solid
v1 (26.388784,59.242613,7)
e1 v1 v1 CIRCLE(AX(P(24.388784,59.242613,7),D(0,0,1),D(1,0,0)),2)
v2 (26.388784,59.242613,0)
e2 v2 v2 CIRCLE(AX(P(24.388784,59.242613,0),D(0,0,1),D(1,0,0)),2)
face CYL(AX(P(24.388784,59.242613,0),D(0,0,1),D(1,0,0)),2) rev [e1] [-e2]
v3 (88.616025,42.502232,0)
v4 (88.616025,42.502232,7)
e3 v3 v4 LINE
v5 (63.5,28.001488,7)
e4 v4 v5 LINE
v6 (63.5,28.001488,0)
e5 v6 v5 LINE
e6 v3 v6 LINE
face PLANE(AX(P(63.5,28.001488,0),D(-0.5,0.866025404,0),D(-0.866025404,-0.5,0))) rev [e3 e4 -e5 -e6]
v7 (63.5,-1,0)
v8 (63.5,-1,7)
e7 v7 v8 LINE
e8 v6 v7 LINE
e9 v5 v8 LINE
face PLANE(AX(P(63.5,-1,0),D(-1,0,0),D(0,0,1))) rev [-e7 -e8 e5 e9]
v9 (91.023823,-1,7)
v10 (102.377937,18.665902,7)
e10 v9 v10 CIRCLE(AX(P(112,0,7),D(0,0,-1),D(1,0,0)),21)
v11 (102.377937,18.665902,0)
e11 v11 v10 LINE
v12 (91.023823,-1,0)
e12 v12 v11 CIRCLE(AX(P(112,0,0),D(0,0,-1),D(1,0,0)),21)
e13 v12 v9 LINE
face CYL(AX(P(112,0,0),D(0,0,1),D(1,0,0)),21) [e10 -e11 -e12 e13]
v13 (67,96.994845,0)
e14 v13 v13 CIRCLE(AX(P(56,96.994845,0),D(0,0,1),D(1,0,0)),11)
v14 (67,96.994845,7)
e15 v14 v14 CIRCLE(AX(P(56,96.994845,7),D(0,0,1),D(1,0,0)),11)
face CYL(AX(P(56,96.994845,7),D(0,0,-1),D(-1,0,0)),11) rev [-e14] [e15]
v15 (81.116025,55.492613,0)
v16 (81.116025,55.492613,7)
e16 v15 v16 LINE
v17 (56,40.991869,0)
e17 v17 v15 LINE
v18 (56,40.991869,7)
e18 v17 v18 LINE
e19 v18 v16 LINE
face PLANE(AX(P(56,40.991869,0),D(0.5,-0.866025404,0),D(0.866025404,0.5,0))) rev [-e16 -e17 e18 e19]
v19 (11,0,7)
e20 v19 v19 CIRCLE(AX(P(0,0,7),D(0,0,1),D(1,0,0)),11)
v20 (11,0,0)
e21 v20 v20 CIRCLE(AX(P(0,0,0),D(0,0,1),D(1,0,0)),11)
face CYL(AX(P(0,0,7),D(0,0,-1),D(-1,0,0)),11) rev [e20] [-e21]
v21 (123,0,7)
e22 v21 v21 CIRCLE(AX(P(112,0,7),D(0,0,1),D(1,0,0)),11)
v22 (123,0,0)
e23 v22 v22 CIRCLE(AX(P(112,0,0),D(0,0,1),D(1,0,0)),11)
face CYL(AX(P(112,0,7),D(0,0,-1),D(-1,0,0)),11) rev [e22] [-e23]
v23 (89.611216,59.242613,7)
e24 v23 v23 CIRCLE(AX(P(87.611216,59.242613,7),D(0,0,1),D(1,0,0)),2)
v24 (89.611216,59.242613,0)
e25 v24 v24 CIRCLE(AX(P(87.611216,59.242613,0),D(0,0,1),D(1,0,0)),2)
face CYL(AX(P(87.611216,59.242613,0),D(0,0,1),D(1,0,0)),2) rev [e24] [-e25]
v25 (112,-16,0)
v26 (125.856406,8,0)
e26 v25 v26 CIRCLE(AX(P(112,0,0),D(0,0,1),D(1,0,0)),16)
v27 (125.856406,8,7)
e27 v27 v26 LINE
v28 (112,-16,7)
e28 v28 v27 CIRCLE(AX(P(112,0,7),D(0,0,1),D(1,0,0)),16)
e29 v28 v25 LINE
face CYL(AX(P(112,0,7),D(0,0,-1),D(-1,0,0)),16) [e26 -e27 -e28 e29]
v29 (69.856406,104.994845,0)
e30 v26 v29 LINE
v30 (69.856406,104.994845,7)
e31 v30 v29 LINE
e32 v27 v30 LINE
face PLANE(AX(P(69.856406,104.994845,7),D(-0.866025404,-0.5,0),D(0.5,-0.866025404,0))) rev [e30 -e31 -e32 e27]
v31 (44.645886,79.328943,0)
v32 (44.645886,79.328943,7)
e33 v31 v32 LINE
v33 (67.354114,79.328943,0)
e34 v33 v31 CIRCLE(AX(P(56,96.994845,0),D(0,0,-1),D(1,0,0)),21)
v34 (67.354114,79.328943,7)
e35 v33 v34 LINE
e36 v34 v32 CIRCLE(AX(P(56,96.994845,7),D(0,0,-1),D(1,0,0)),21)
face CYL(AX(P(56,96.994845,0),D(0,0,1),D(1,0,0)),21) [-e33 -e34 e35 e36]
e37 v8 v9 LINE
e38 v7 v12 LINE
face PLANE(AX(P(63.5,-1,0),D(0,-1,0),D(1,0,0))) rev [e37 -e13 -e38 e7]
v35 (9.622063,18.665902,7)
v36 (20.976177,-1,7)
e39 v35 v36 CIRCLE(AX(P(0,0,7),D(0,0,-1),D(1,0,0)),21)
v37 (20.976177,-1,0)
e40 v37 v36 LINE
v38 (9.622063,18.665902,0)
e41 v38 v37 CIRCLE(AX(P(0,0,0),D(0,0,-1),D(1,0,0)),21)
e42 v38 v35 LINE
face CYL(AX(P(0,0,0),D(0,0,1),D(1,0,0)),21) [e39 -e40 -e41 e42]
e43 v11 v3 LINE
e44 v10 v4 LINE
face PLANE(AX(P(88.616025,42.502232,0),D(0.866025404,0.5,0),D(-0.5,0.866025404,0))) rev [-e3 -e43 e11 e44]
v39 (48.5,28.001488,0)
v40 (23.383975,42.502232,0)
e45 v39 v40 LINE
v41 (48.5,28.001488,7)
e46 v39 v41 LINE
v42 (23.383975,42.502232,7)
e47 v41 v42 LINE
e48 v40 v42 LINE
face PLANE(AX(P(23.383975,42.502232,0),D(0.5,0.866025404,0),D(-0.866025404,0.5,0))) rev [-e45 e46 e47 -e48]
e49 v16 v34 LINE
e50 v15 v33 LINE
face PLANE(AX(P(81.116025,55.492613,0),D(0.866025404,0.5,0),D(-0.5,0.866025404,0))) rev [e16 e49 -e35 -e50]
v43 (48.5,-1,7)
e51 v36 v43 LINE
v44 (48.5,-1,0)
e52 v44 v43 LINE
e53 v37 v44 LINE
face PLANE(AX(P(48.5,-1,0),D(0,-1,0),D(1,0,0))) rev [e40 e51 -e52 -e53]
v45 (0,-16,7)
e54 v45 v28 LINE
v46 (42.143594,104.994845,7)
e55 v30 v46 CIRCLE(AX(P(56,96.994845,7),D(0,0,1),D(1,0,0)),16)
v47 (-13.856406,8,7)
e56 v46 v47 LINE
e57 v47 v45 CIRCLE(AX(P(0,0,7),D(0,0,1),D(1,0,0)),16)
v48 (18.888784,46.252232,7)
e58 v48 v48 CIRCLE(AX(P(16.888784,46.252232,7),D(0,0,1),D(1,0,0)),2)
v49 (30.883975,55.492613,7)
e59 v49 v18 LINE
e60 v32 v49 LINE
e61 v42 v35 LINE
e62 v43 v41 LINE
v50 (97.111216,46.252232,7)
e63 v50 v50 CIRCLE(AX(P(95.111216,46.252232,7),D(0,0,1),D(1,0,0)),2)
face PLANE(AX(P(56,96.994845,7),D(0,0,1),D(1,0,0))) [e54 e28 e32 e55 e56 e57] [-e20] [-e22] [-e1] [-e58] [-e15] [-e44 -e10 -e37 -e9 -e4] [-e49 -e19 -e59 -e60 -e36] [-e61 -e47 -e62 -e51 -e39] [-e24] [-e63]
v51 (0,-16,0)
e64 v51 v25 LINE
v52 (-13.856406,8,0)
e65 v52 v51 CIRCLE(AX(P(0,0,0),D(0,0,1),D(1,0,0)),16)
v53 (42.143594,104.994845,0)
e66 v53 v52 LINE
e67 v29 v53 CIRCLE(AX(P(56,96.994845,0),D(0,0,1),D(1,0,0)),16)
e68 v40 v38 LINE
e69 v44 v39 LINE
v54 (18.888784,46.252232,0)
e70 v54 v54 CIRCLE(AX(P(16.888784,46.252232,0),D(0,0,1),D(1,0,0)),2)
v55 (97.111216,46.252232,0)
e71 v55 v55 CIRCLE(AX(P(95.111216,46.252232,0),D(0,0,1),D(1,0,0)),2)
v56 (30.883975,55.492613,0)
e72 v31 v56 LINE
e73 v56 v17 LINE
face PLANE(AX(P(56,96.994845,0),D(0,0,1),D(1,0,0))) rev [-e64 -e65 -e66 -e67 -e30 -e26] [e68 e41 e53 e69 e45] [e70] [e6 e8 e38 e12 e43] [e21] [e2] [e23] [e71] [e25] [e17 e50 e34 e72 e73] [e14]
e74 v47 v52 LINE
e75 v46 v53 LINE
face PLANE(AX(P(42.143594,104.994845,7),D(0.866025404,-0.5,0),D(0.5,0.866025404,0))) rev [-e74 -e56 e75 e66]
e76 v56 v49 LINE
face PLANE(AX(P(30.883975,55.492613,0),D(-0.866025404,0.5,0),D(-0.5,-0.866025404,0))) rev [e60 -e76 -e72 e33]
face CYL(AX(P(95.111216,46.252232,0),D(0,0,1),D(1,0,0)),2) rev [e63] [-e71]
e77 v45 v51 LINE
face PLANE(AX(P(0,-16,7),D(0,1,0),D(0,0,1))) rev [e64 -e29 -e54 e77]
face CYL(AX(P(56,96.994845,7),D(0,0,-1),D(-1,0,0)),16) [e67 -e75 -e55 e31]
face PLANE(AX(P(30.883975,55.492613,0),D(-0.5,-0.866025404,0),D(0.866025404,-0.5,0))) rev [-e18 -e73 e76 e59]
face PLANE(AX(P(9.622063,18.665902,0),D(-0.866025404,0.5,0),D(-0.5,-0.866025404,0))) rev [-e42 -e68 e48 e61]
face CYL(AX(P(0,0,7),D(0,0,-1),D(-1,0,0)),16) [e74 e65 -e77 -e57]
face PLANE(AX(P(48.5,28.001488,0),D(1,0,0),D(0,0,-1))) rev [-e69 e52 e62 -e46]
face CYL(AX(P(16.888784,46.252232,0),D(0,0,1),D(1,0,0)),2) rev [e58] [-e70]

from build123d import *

# Parameters (mm, degrees)
SKETCH1_R           = 11
BOSS_EXTRUDE1_DEPTH = 7
CUT_EXTRUDE1_DEPTH  = 8
SKETCH5_R           = 2
CUT_EXTRUDE2_DEPTH  = 8


with BuildPart() as part:
    # Sketch1 → Boss-Extrude1 (new body)
    with BuildSketch(Plane.XY):
        with BuildLine():
            Line((42.143593539, 104.994845224), (-13.856406461, 8))
            ThreePointArc((-13.856406461, 8), (-13.856406461, -8), (0, -16))
            Line((0, -16), (112, -16))
            ThreePointArc((112, -16), (125.856406461, -8), (125.856406461, 8))
            Line((125.856406461, 8), (69.856406461, 104.994845224))
            ThreePointArc((69.856406461, 104.994845224), (56, 112.994845224), (42.143593539, 104.994845224))
        make_face()
        Circle(SKETCH1_R, mode=Mode.SUBTRACT)
        with Locations((112, 0)):
            Circle(SKETCH1_R, mode=Mode.SUBTRACT)
        with Locations((56, 96.994845224)):
            Circle(SKETCH1_R, mode=Mode.SUBTRACT)
    extrude(amount=BOSS_EXTRUDE1_DEPTH)

    # Sketch2 → Cut-Extrude1 (cut, through all)
    with BuildSketch(Plane.XY.offset(7)):
        with BuildLine():
            Line((9.622063078, 18.665902125), (23.383974596, 42.502232084))
            Line((23.383974596, 42.502232084), (48.5, 28.001488056))
            Line((48.5, 28.001488056), (48.5, -1))
            Line((48.5, -1), (20.976176963, -1))
            ThreePointArc((20.976176963, -1), (18.186533479, 10.5), (9.622063078, 18.665902125))
        make_face()
        with BuildLine():
            Line((63.5, -1), (91.023823037, -1))
            ThreePointArc((91.023823037, -1), (93.813466521, 10.5), (102.377936922, 18.665902125))
            Line((102.377936922, 18.665902125), (88.616025404, 42.502232084))
            Line((88.616025404, 42.502232084), (63.5, 28.001488056))
            Line((63.5, 28.001488056), (63.5, -1))
        make_face()
        with BuildLine():
            Line((30.883974596, 55.49261314), (44.645886115, 79.328943099))
            ThreePointArc((44.645886115, 79.328943099), (56, 75.994845224), (67.354113885, 79.328943099))
            Line((67.354113885, 79.328943099), (81.116025404, 55.49261314))
            Line((81.116025404, 55.49261314), (56, 40.991869112))
            Line((56, 40.991869112), (30.883974596, 55.49261314))
        make_face()
    extrude(amount=-CUT_EXTRUDE1_DEPTH, mode=Mode.SUBTRACT)

    # Sketch5 → Cut-Extrude2 (cut, through all)
    with BuildSketch(Plane.XY.offset(7)):
        with Locations((24.388784068, 59.24261314)):
            Circle(SKETCH5_R)
        with Locations((16.888784068, 46.252232084)):
            Circle(SKETCH5_R)
        with Locations((87.611215932, 59.24261314)):
            Circle(SKETCH5_R)
        with Locations((95.111215932, 46.252232084)):
            Circle(SKETCH5_R)
    extrude(amount=-CUT_EXTRUDE2_DEPTH, mode=Mode.SUBTRACT)


solid = part.part
